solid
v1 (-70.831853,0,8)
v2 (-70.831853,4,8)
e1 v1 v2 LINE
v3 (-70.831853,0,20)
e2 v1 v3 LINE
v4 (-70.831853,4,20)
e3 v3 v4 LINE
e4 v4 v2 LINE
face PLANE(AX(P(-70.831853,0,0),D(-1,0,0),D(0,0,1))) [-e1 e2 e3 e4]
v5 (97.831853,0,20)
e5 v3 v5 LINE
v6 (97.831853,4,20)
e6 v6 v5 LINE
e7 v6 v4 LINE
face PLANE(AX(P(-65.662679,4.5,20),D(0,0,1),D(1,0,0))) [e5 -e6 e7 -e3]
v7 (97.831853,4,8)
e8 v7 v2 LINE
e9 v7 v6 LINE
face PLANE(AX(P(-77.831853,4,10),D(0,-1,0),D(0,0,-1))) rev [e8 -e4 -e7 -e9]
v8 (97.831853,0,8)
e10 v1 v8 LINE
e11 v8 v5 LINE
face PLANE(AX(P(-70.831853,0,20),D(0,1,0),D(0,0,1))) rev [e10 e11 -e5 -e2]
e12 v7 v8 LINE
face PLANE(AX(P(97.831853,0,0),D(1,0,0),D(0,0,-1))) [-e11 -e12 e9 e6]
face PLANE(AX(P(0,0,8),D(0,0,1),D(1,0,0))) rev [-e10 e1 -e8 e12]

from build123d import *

# Parameters (mm, degrees)
SKETCH1_W              = 155.663706144
SKETCH1_H              = 4
BOSS_EXTRUDE1_DEPTH    = 10
BOSS_EXTRUDE4_DEPTH    = 10
FILLET1_R              = 0.5
LPATTERN1_COUNT        = 21
LPATTERN1_PITCH        = 6.283185307
FILLET1_OF_LPATTERN1_R = 0.5
BOSS_EXTRUDE6_DEPTH    = 6
SKETCH11_W             = 16
SKETCH11_H             = 4
BOSS_EXTRUDE8_DEPTH    = 10
SKETCH12_W             = 16
SKETCH12_H             = 4
BOSS_EXTRUDE9_DEPTH    = 10
SKETCH15_W             = 175.663706144
SKETCH15_H             = 16
BOSS_EXTRUDE10_DEPTH   = 5
BOSS_EXTRUDE11_DEPTH   = 4
SKETCH17_W             = 20
SKETCH17_H             = 9
BOSS_EXTRUDE12_DEPTH   = 10
SKETCH18_W             = 20
SKETCH18_H             = 9
CUT_EXTRUDE2_DEPTH     = 17
SKETCH19_W             = 170
SKETCH19_H             = 15
CUT_EXTRUDE3_DEPTH     = 8
SKETCH21_W             = 168.663706144
SKETCH21_H             = 4.5
CUT_EXTRUDE5_DEPTH     = 13
SKETCH20_W             = 12
SKETCH20_H             = 5
CUT_EXTRUDE4_DEPTH     = 169.663706144


with BuildPart() as part:
    # Sketch1 → Boss-Extrude1 (new body)
    with BuildSketch(Plane.XY):
        with Locations((0, 2)):
            Rectangle(SKETCH1_W, SKETCH1_H)
    extrude(amount=BOSS_EXTRUDE1_DEPTH)

    # Sketch2 → Boss-Extrude4 (add)
    with BuildSketch(Plane.XY):
        Polygon((-65.312574984, 4), (-63.67470893, 8.5), (-61.988997214, 8.5), (-60.351131159, 4), align=None)
    boss_extrude4 = extrude(amount=BOSS_EXTRUDE4_DEPTH)

    # Fillet1
    fillet1_edges = [part.edges().sort_by_distance(p)[0] for p in [
        (-60.351131159, 4, 5),
        (-65.312574984, 4, 5),
    ]]
    fillet(fillet1_edges, radius=FILLET1_R)

    # LPattern1: Boss-Extrude4 ×21
    with Locations(*[(i * LPATTERN1_PITCH, 0, 0) for i in range(1, LPATTERN1_COUNT)]):
        add(boss_extrude4)

    # Fillet1 of LPattern1
    fillet1_of_lpattern1_edges = [part.edges().sort_by_distance(p)[0] for p in [
        (-54.067945852, 4, 5),
        (-59.029389677, 4, 5),
        (-47.784760545, 4, 5),
        (-52.74620437, 4, 5),
        (-41.501575238, 4, 5),
        (-46.463019063, 4, 5),
        (-35.218389931, 4, 5),
        (-40.179833756, 4, 5),
        (-28.935204623, 4, 5),
        (-33.896648448, 4, 5),
        (-22.652019316, 4, 5),
        (-27.613463141, 4, 5),
        (-16.368834009, 4, 5),
        (-21.330277834, 4, 5),
        (-10.085648702, 4, 5),
        (-15.047092527, 4, 5),
        (-3.802463395, 4, 5),
        (-8.76390722, 4, 5),
        (2.480721912, 4, 5),
        (-2.480721912, 4, 5),
        (8.76390722, 4, 5),
        (3.802463395, 4, 5),
        (15.047092527, 4, 5),
        (10.085648702, 4, 5),
        (21.330277834, 4, 5),
        (16.368834009, 4, 5),
        (27.613463141, 4, 5),
        (22.652019316, 4, 5),
        (33.896648448, 4, 5),
        (28.935204623, 4, 5),
        (40.179833756, 4, 5),
        (35.218389931, 4, 5),
        (46.463019063, 4, 5),
        (41.501575238, 4, 5),
        (52.74620437, 4, 5),
        (47.784760545, 4, 5),
        (59.029389677, 4, 5),
        (54.067945852, 4, 5),
        (65.312574984, 4, 5),
        (60.351131159, 4, 5),
    ]]
    fillet(fillet1_of_lpattern1_edges, radius=FILLET1_OF_LPATTERN1_R)

    # Sketch9 → Boss-Extrude6 (add)
    with BuildSketch(Plane.XY.offset(10)):
        with BuildLine():
            Line((-77.831853072, 4), (-77.831853072, 0))
            Line((-77.831853072, 0), (77.831853072, 0))
            Line((77.831853072, 0), (77.831853072, 4))
            Line((77.831853072, 4), (65.662678753, 4))
            ThreePointArc((65.662678753, 4), (65.375890535, 4.090423978), (65.192832443, 4.328989928))
            Line((65.192832443, 4.328989928), (63.67470893, 8.5))
            Line((63.67470893, 8.5), (61.988997214, 8.5))
            Line((61.988997214, 8.5), (60.470873701, 4.328989928))
            ThreePointArc((60.470873701, 4.328989928), (60.287815608, 4.090423978), (60.00102739, 4))
            Line((60.00102739, 4), (59.379493446, 4))
            ThreePointArc((59.379493446, 4), (59.092705228, 4.090423978), (58.909647136, 4.328989928))
            Line((58.909647136, 4.328989928), (57.391523623, 8.5))
            Line((57.391523623, 8.5), (55.705811906, 8.5))
            Line((55.705811906, 8.5), (54.187688393, 4.328989928))
            ThreePointArc((54.187688393, 4.328989928), (54.004630301, 4.090423978), (53.717842083, 4))
            Line((53.717842083, 4), (53.096308139, 4))
            ThreePointArc((53.096308139, 4), (52.809519921, 4.090423978), (52.626461829, 4.328989928))
            Line((52.626461829, 4.328989928), (51.108338316, 8.5))
            Line((51.108338316, 8.5), (49.422626599, 8.5))
            Line((49.422626599, 8.5), (47.904503086, 4.328989928))
            ThreePointArc((47.904503086, 4.328989928), (47.721444994, 4.090423978), (47.434656776, 4))
            Line((47.434656776, 4), (46.813122832, 4))
            ThreePointArc((46.813122832, 4), (46.526334614, 4.090423978), (46.343276521, 4.328989928))
            Line((46.343276521, 4.328989928), (44.825153009, 8.5))
            Line((44.825153009, 8.5), (43.139441292, 8.5))
            Line((43.139441292, 8.5), (41.621317779, 4.328989928))
            ThreePointArc((41.621317779, 4.328989928), (41.438259687, 4.090423978), (41.151471469, 4))
            Line((41.151471469, 4), (40.529937525, 4))
            ThreePointArc((40.529937525, 4), (40.243149306, 4.090423978), (40.060091214, 4.328989928))
            Line((40.060091214, 4.328989928), (38.541967701, 8.5))
            Line((38.541967701, 8.5), (36.856255985, 8.5))
            Line((36.856255985, 8.5), (35.338132472, 4.328989928))
            ThreePointArc((35.338132472, 4.328989928), (35.15507438, 4.090423978), (34.868286162, 4))
            Line((34.868286162, 4), (34.246752217, 4))
            ThreePointArc((34.246752217, 4), (33.959963999, 4.090423978), (33.776905907, 4.328989928))
            Line((33.776905907, 4.328989928), (32.258782394, 8.5))
            Line((32.258782394, 8.5), (30.573070678, 8.5))
            Line((30.573070678, 8.5), (29.054947165, 4.328989928))
            ThreePointArc((29.054947165, 4.328989928), (28.871889073, 4.090423978), (28.585100854, 4))
            Line((28.585100854, 4), (27.96356691, 4))
            ThreePointArc((27.96356691, 4), (27.676778692, 4.090423978), (27.4937206, 4.328989928))
            Line((27.4937206, 4.328989928), (25.975597087, 8.5))
            Line((25.975597087, 8.5), (24.28988537, 8.5))
            Line((24.28988537, 8.5), (22.771761858, 4.328989928))
            ThreePointArc((22.771761858, 4.328989928), (22.588703765, 4.090423978), (22.301915547, 4))
            Line((22.301915547, 4), (21.680381603, 4))
            ThreePointArc((21.680381603, 4), (21.393593385, 4.090423978), (21.210535293, 4.328989928))
            Line((21.210535293, 4.328989928), (19.69241178, 8.5))
            Line((19.69241178, 8.5), (18.006700063, 8.5))
            Line((18.006700063, 8.5), (16.48857655, 4.328989928))
            ThreePointArc((16.48857655, 4.328989928), (16.305518458, 4.090423978), (16.01873024, 4))
            Line((16.01873024, 4), (15.397196296, 4))
            ThreePointArc((15.397196296, 4), (15.110408078, 4.090423978), (14.927349986, 4.328989928))
            Line((14.927349986, 4.328989928), (13.409226473, 8.5))
            Line((13.409226473, 8.5), (11.723514756, 8.5))
            Line((11.723514756, 8.5), (10.205391243, 4.328989928))
            ThreePointArc((10.205391243, 4.328989928), (10.022333151, 4.090423978), (9.735544933, 4))
            Line((9.735544933, 4), (9.114010989, 4))
            ThreePointArc((9.114010989, 4), (8.827222771, 4.090423978), (8.644164678, 4.328989928))
            Line((8.644164678, 4.328989928), (7.126041165, 8.5))
            Line((7.126041165, 8.5), (5.440329449, 8.5))
            Line((5.440329449, 8.5), (3.922205936, 4.328989928))
            ThreePointArc((3.922205936, 4.328989928), (3.739147844, 4.090423978), (3.452359626, 4))
            Line((3.452359626, 4), (2.830825682, 4))
            ThreePointArc((2.830825682, 4), (2.544037463, 4.090423978), (2.360979371, 4.328989928))
            Line((2.360979371, 4.328989928), (0.842855858, 8.5))
            Line((0.842855858, 8.5), (-0.842855858, 8.5))
            Line((-0.842855858, 8.5), (-2.360979371, 4.328989928))
            ThreePointArc((-2.360979371, 4.328989928), (-2.544037463, 4.090423978), (-2.830825682, 4))
            Line((-2.830825682, 4), (-3.452359626, 4))
            ThreePointArc((-3.452359626, 4), (-3.739147844, 4.090423978), (-3.922205936, 4.328989928))
            Line((-3.922205936, 4.328989928), (-5.440329449, 8.5))
            Line((-5.440329449, 8.5), (-7.126041165, 8.5))
            Line((-7.126041165, 8.5), (-8.644164678, 4.328989928))
            ThreePointArc((-8.644164678, 4.328989928), (-8.827222771, 4.090423978), (-9.114010989, 4))
            Line((-9.114010989, 4), (-9.735544933, 4))
            ThreePointArc((-9.735544933, 4), (-10.022333151, 4.090423978), (-10.205391243, 4.328989928))
            Line((-10.205391243, 4.328989928), (-11.723514756, 8.5))
            Line((-11.723514756, 8.5), (-13.409226473, 8.5))
            Line((-13.409226473, 8.5), (-14.927349986, 4.328989928))
            ThreePointArc((-14.927349986, 4.328989928), (-15.110408078, 4.090423978), (-15.397196296, 4))
            Line((-15.397196296, 4), (-16.01873024, 4))
            ThreePointArc((-16.01873024, 4), (-16.305518458, 4.090423978), (-16.48857655, 4.328989928))
            Line((-16.48857655, 4.328989928), (-18.006700063, 8.5))
            Line((-18.006700063, 8.5), (-19.69241178, 8.5))
            Line((-19.69241178, 8.5), (-21.210535293, 4.328989928))
            ThreePointArc((-21.210535293, 4.328989928), (-21.393593385, 4.090423978), (-21.680381603, 4))
            Line((-21.680381603, 4), (-22.301915547, 4))
            ThreePointArc((-22.301915547, 4), (-22.588703765, 4.090423978), (-22.771761858, 4.328989928))
            Line((-22.771761858, 4.328989928), (-24.28988537, 8.5))
            Line((-24.28988537, 8.5), (-25.975597087, 8.5))
            Line((-25.975597087, 8.5), (-27.4937206, 4.328989928))
            ThreePointArc((-27.4937206, 4.328989928), (-27.676778692, 4.090423978), (-27.96356691, 4))
            Line((-27.96356691, 4), (-28.585100854, 4))
            ThreePointArc((-28.585100854, 4), (-28.871889073, 4.090423978), (-29.054947165, 4.328989928))
            Line((-29.054947165, 4.328989928), (-30.573070678, 8.5))
            Line((-30.573070678, 8.5), (-32.258782394, 8.5))
            Line((-32.258782394, 8.5), (-33.776905907, 4.328989928))
            ThreePointArc((-33.776905907, 4.328989928), (-33.959963999, 4.090423978), (-34.246752217, 4))
            Line((-34.246752217, 4), (-34.868286162, 4))
            ThreePointArc((-34.868286162, 4), (-35.15507438, 4.090423978), (-35.338132472, 4.328989928))
            Line((-35.338132472, 4.328989928), (-36.856255985, 8.5))
            Line((-36.856255985, 8.5), (-38.541967701, 8.5))
            Line((-38.541967701, 8.5), (-40.060091214, 4.328989928))
            ThreePointArc((-40.060091214, 4.328989928), (-40.243149306, 4.090423978), (-40.529937525, 4))
            Line((-40.529937525, 4), (-41.151471469, 4))
            ThreePointArc((-41.151471469, 4), (-41.438259687, 4.090423978), (-41.621317779, 4.328989928))
            Line((-41.621317779, 4.328989928), (-43.139441292, 8.5))
            Line((-43.139441292, 8.5), (-44.825153009, 8.5))
            Line((-44.825153009, 8.5), (-46.343276521, 4.328989928))
            ThreePointArc((-46.343276521, 4.328989928), (-46.526334614, 4.090423978), (-46.813122832, 4))
            Line((-46.813122832, 4), (-47.434656776, 4))
            ThreePointArc((-47.434656776, 4), (-47.721444994, 4.090423978), (-47.904503086, 4.328989928))
            Line((-47.904503086, 4.328989928), (-49.422626599, 8.5))
            Line((-49.422626599, 8.5), (-51.108338316, 8.5))
            Line((-51.108338316, 8.5), (-52.626461829, 4.328989928))
            ThreePointArc((-52.626461829, 4.328989928), (-52.809519921, 4.090423978), (-53.096308139, 4))
            Line((-53.096308139, 4), (-53.717842083, 4))
            ThreePointArc((-53.717842083, 4), (-54.004630301, 4.090423978), (-54.187688393, 4.328989928))
            Line((-54.187688393, 4.328989928), (-55.705811906, 8.5))
            Line((-55.705811906, 8.5), (-57.391523623, 8.5))
            Line((-57.391523623, 8.5), (-58.909647136, 4.328989928))
            ThreePointArc((-58.909647136, 4.328989928), (-59.092705228, 4.090423978), (-59.379493446, 4))
            Line((-59.379493446, 4), (-60.00102739, 4))
            ThreePointArc((-60.00102739, 4), (-60.287815608, 4.090423978), (-60.470873701, 4.328989928))
            Line((-60.470873701, 4.328989928), (-61.988997214, 8.5))
            Line((-61.988997214, 8.5), (-63.67470893, 8.5))
            Line((-63.67470893, 8.5), (-65.192832443, 4.328989928))
            ThreePointArc((-65.192832443, 4.328989928), (-65.375890535, 4.090423978), (-65.662678753, 4))
            Line((-65.662678753, 4), (-77.831853072, 4))
        make_face()
    extrude(amount=BOSS_EXTRUDE6_DEPTH)

    # Sketch11 → Boss-Extrude8 (add)
    with BuildSketch(Plane.ZY.offset(77.831853072)):
        with Locations((8, 2)):
            Rectangle(SKETCH11_W, SKETCH11_H)
    extrude(amount=BOSS_EXTRUDE8_DEPTH)

    # Sketch12 → Boss-Extrude9 (add)
    with BuildSketch(Plane(origin=(77.831853072, 0, 0), x_dir=(0, 0, -1), z_dir=(1, 0, 0))):
        with Locations((-8, 2)):
            Rectangle(SKETCH12_W, SKETCH12_H)
    extrude(amount=BOSS_EXTRUDE9_DEPTH)

    # Sketch15 → Boss-Extrude10 (add)
    with BuildSketch(Plane.XZ):
        with Locations((0, 8)):
            Rectangle(SKETCH15_W, SKETCH15_H)
    extrude(amount=BOSS_EXTRUDE10_DEPTH)

    # Sketch16 → Boss-Extrude11 (add)
    with BuildSketch(Plane.XY.offset(16)):
        with BuildLine():
            Line((-61.988997214, 8.5), (-63.67470893, 8.5))
            Line((-63.67470893, 8.5), (-65.192832443, 4.328989928))
            ThreePointArc((-65.192832443, 4.328989928), (-65.375890535, 4.090423978), (-65.662678753, 4))
            Line((-65.662678753, 4), (-87.831853072, 4))
            Line((-87.831853072, 4), (-87.831853072, -5))
            Line((-87.831853072, -5), (87.831853072, -5))
            Line((87.831853072, -5), (87.831853072, 4))
            Line((87.831853072, 4), (65.662678753, 4))
            ThreePointArc((65.662678753, 4), (65.375890535, 4.090423978), (65.192832443, 4.328989928))
            Line((65.192832443, 4.328989928), (63.67470893, 8.5))
            Line((63.67470893, 8.5), (61.988997214, 8.5))
            Line((61.988997214, 8.5), (60.470873701, 4.328989928))
            ThreePointArc((60.470873701, 4.328989928), (60.287815608, 4.090423978), (60.00102739, 4))
            Line((60.00102739, 4), (59.379493446, 4))
            ThreePointArc((59.379493446, 4), (59.092705228, 4.090423978), (58.909647136, 4.328989928))
            Line((58.909647136, 4.328989928), (57.391523623, 8.5))
            Line((57.391523623, 8.5), (55.705811906, 8.5))
            Line((55.705811906, 8.5), (54.187688393, 4.328989928))
            ThreePointArc((54.187688393, 4.328989928), (54.004630301, 4.090423978), (53.717842083, 4))
            Line((53.717842083, 4), (53.096308139, 4))
            ThreePointArc((53.096308139, 4), (52.809519921, 4.090423978), (52.626461829, 4.328989928))
            Line((52.626461829, 4.328989928), (51.108338316, 8.5))
            Line((51.108338316, 8.5), (49.422626599, 8.5))
            Line((49.422626599, 8.5), (47.904503086, 4.328989928))
            ThreePointArc((47.904503086, 4.328989928), (47.721444994, 4.090423978), (47.434656776, 4))
            Line((47.434656776, 4), (46.813122832, 4))
            ThreePointArc((46.813122832, 4), (46.526334614, 4.090423978), (46.343276521, 4.328989928))
            Line((46.343276521, 4.328989928), (44.825153009, 8.5))
            Line((44.825153009, 8.5), (43.139441292, 8.5))
            Line((43.139441292, 8.5), (41.621317779, 4.328989928))
            ThreePointArc((41.621317779, 4.328989928), (41.438259687, 4.090423978), (41.151471469, 4))
            Line((41.151471469, 4), (40.529937525, 4))
            ThreePointArc((40.529937525, 4), (40.243149306, 4.090423978), (40.060091214, 4.328989928))
            Line((40.060091214, 4.328989928), (38.541967701, 8.5))
            Line((38.541967701, 8.5), (36.856255985, 8.5))
            Line((36.856255985, 8.5), (35.338132472, 4.328989928))
            ThreePointArc((35.338132472, 4.328989928), (35.15507438, 4.090423978), (34.868286162, 4))
            Line((34.868286162, 4), (34.246752217, 4))
            ThreePointArc((34.246752217, 4), (33.959963999, 4.090423978), (33.776905907, 4.328989928))
            Line((33.776905907, 4.328989928), (32.258782394, 8.5))
            Line((32.258782394, 8.5), (30.573070678, 8.5))
            Line((30.573070678, 8.5), (29.054947165, 4.328989928))
            ThreePointArc((29.054947165, 4.328989928), (28.871889073, 4.090423978), (28.585100854, 4))
            Line((28.585100854, 4), (27.96356691, 4))
            ThreePointArc((27.96356691, 4), (27.676778692, 4.090423978), (27.4937206, 4.328989928))
            Line((27.4937206, 4.328989928), (25.975597087, 8.5))
            Line((25.975597087, 8.5), (24.28988537, 8.5))
            Line((24.28988537, 8.5), (22.771761858, 4.328989928))
            ThreePointArc((22.771761858, 4.328989928), (22.588703765, 4.090423978), (22.301915547, 4))
            Line((22.301915547, 4), (21.680381603, 4))
            ThreePointArc((21.680381603, 4), (21.393593385, 4.090423978), (21.210535293, 4.328989928))
            Line((21.210535293, 4.328989928), (19.69241178, 8.5))
            Line((19.69241178, 8.5), (18.006700063, 8.5))
            Line((18.006700063, 8.5), (16.48857655, 4.328989928))
            ThreePointArc((16.48857655, 4.328989928), (16.305518458, 4.090423978), (16.01873024, 4))
            Line((16.01873024, 4), (15.397196296, 4))
            ThreePointArc((15.397196296, 4), (15.110408078, 4.090423978), (14.927349986, 4.328989928))
            Line((14.927349986, 4.328989928), (13.409226473, 8.5))
            Line((13.409226473, 8.5), (11.723514756, 8.5))
            Line((11.723514756, 8.5), (10.205391243, 4.328989928))
            ThreePointArc((10.205391243, 4.328989928), (10.022333151, 4.090423978), (9.735544933, 4))
            Line((9.735544933, 4), (9.114010989, 4))
            ThreePointArc((9.114010989, 4), (8.827222771, 4.090423978), (8.644164678, 4.328989928))
            Line((8.644164678, 4.328989928), (7.126041165, 8.5))
            Line((7.126041165, 8.5), (5.440329449, 8.5))
            Line((5.440329449, 8.5), (3.922205936, 4.328989928))
            ThreePointArc((3.922205936, 4.328989928), (3.739147844, 4.090423978), (3.452359626, 4))
            Line((3.452359626, 4), (2.830825682, 4))
            ThreePointArc((2.830825682, 4), (2.544037463, 4.090423978), (2.360979371, 4.328989928))
            Line((2.360979371, 4.328989928), (0.842855858, 8.5))
            Line((0.842855858, 8.5), (-0.842855858, 8.5))
            Line((-0.842855858, 8.5), (-2.360979371, 4.328989928))
            ThreePointArc((-2.360979371, 4.328989928), (-2.544037463, 4.090423978), (-2.830825682, 4))
            Line((-2.830825682, 4), (-3.452359626, 4))
            ThreePointArc((-3.452359626, 4), (-3.739147844, 4.090423978), (-3.922205936, 4.328989928))
            Line((-3.922205936, 4.328989928), (-5.440329449, 8.5))
            Line((-5.440329449, 8.5), (-7.126041165, 8.5))
            Line((-7.126041165, 8.5), (-8.644164678, 4.328989928))
            ThreePointArc((-8.644164678, 4.328989928), (-8.827222771, 4.090423978), (-9.114010989, 4))
            Line((-9.114010989, 4), (-9.735544933, 4))
            ThreePointArc((-9.735544933, 4), (-10.022333151, 4.090423978), (-10.205391243, 4.328989928))
            Line((-10.205391243, 4.328989928), (-11.723514756, 8.5))
            Line((-11.723514756, 8.5), (-13.409226473, 8.5))
            Line((-13.409226473, 8.5), (-14.927349986, 4.328989928))
            ThreePointArc((-14.927349986, 4.328989928), (-15.110408078, 4.090423978), (-15.397196296, 4))
            Line((-15.397196296, 4), (-16.01873024, 4))
            ThreePointArc((-16.01873024, 4), (-16.305518458, 4.090423978), (-16.48857655, 4.328989928))
            Line((-16.48857655, 4.328989928), (-18.006700063, 8.5))
            Line((-18.006700063, 8.5), (-19.69241178, 8.5))
            Line((-19.69241178, 8.5), (-21.210535293, 4.328989928))
            ThreePointArc((-21.210535293, 4.328989928), (-21.393593385, 4.090423978), (-21.680381603, 4))
            Line((-21.680381603, 4), (-22.301915547, 4))
            ThreePointArc((-22.301915547, 4), (-22.588703765, 4.090423978), (-22.771761858, 4.328989928))
            Line((-22.771761858, 4.328989928), (-24.28988537, 8.5))
            Line((-24.28988537, 8.5), (-25.975597087, 8.5))
            Line((-25.975597087, 8.5), (-27.4937206, 4.328989928))
            ThreePointArc((-27.4937206, 4.328989928), (-27.676778692, 4.090423978), (-27.96356691, 4))
            Line((-27.96356691, 4), (-28.585100854, 4))
            ThreePointArc((-28.585100854, 4), (-28.871889073, 4.090423978), (-29.054947165, 4.328989928))
            Line((-29.054947165, 4.328989928), (-30.573070678, 8.5))
            Line((-30.573070678, 8.5), (-32.258782394, 8.5))
            Line((-32.258782394, 8.5), (-33.776905907, 4.328989928))
            ThreePointArc((-33.776905907, 4.328989928), (-33.959963999, 4.090423978), (-34.246752217, 4))
            Line((-34.246752217, 4), (-34.868286162, 4))
            ThreePointArc((-34.868286162, 4), (-35.15507438, 4.090423978), (-35.338132472, 4.328989928))
            Line((-35.338132472, 4.328989928), (-36.856255985, 8.5))
            Line((-36.856255985, 8.5), (-38.541967701, 8.5))
            Line((-38.541967701, 8.5), (-40.060091214, 4.328989928))
            ThreePointArc((-40.060091214, 4.328989928), (-40.243149306, 4.090423978), (-40.529937525, 4))
            Line((-40.529937525, 4), (-41.151471469, 4))
            ThreePointArc((-41.151471469, 4), (-41.438259687, 4.090423978), (-41.621317779, 4.328989928))
            Line((-41.621317779, 4.328989928), (-43.139441292, 8.5))
            Line((-43.139441292, 8.5), (-44.825153009, 8.5))
            Line((-44.825153009, 8.5), (-46.343276521, 4.328989928))
            ThreePointArc((-46.343276521, 4.328989928), (-46.526334614, 4.090423978), (-46.813122832, 4))
            Line((-46.813122832, 4), (-47.434656776, 4))
            ThreePointArc((-47.434656776, 4), (-47.721444994, 4.090423978), (-47.904503086, 4.328989928))
            Line((-47.904503086, 4.328989928), (-49.422626599, 8.5))
            Line((-49.422626599, 8.5), (-51.108338316, 8.5))
            Line((-51.108338316, 8.5), (-52.626461829, 4.328989928))
            ThreePointArc((-52.626461829, 4.328989928), (-52.809519921, 4.090423978), (-53.096308139, 4))
            Line((-53.096308139, 4), (-53.717842083, 4))
            ThreePointArc((-53.717842083, 4), (-54.004630301, 4.090423978), (-54.187688393, 4.328989928))
            Line((-54.187688393, 4.328989928), (-55.705811906, 8.5))
            Line((-55.705811906, 8.5), (-57.391523623, 8.5))
            Line((-57.391523623, 8.5), (-58.909647136, 4.328989928))
            ThreePointArc((-58.909647136, 4.328989928), (-59.092705228, 4.090423978), (-59.379493446, 4))
            Line((-59.379493446, 4), (-60.00102739, 4))
            ThreePointArc((-60.00102739, 4), (-60.287815608, 4.090423978), (-60.470873701, 4.328989928))
            Line((-60.470873701, 4.328989928), (-61.988997214, 8.5))
        make_face()
    extrude(amount=BOSS_EXTRUDE11_DEPTH)

    # Sketch17 → Boss-Extrude12 (add)
    with BuildSketch(Plane(origin=(87.831853072, 0, 0), x_dir=(0, 0, -1), z_dir=(1, 0, 0))):
        with Locations((-10, -0.5)):
            Rectangle(SKETCH17_W, SKETCH17_H)
    extrude(amount=BOSS_EXTRUDE12_DEPTH)

    # Sketch18 → Cut-Extrude2 (cut)
    with BuildSketch(Plane.ZY.offset(87.831853072)):
        with Locations((10, -0.5)):
            Rectangle(SKETCH18_W, SKETCH18_H)
    extrude(amount=-CUT_EXTRUDE2_DEPTH, mode=Mode.SUBTRACT)

    # Sketch19 → Cut-Extrude3 (cut)
    with BuildSketch(Plane(origin=(0, 0, 0), x_dir=(-1, 0, 0), z_dir=(0, 0, -1))):
        with Locations((-12.831853072, 2.5)):
            Rectangle(SKETCH19_W, SKETCH19_H)
    extrude(amount=-CUT_EXTRUDE3_DEPTH, mode=Mode.SUBTRACT)

    # Sketch21 → Cut-Extrude5 (cut, through all)
    with BuildSketch(Plane(origin=(0, 0, 8), x_dir=(-1, 0, 0), z_dir=(0, 0, -1))):
        with Locations((-13.5, 6.25)):
            Rectangle(SKETCH21_W, SKETCH21_H)
    extrude(amount=-CUT_EXTRUDE5_DEPTH, mode=Mode.SUBTRACT)

    # Sketch20 → Cut-Extrude4 (cut, through all)
    with BuildSketch(Plane(origin=(97.831853072, 0, 0), x_dir=(0, 0, -1), z_dir=(1, 0, 0))):
        with Locations((-14, -2.5)):
            Rectangle(SKETCH20_W, SKETCH20_H)
    extrude(amount=-CUT_EXTRUDE4_DEPTH, mode=Mode.SUBTRACT)


solid = part.part
